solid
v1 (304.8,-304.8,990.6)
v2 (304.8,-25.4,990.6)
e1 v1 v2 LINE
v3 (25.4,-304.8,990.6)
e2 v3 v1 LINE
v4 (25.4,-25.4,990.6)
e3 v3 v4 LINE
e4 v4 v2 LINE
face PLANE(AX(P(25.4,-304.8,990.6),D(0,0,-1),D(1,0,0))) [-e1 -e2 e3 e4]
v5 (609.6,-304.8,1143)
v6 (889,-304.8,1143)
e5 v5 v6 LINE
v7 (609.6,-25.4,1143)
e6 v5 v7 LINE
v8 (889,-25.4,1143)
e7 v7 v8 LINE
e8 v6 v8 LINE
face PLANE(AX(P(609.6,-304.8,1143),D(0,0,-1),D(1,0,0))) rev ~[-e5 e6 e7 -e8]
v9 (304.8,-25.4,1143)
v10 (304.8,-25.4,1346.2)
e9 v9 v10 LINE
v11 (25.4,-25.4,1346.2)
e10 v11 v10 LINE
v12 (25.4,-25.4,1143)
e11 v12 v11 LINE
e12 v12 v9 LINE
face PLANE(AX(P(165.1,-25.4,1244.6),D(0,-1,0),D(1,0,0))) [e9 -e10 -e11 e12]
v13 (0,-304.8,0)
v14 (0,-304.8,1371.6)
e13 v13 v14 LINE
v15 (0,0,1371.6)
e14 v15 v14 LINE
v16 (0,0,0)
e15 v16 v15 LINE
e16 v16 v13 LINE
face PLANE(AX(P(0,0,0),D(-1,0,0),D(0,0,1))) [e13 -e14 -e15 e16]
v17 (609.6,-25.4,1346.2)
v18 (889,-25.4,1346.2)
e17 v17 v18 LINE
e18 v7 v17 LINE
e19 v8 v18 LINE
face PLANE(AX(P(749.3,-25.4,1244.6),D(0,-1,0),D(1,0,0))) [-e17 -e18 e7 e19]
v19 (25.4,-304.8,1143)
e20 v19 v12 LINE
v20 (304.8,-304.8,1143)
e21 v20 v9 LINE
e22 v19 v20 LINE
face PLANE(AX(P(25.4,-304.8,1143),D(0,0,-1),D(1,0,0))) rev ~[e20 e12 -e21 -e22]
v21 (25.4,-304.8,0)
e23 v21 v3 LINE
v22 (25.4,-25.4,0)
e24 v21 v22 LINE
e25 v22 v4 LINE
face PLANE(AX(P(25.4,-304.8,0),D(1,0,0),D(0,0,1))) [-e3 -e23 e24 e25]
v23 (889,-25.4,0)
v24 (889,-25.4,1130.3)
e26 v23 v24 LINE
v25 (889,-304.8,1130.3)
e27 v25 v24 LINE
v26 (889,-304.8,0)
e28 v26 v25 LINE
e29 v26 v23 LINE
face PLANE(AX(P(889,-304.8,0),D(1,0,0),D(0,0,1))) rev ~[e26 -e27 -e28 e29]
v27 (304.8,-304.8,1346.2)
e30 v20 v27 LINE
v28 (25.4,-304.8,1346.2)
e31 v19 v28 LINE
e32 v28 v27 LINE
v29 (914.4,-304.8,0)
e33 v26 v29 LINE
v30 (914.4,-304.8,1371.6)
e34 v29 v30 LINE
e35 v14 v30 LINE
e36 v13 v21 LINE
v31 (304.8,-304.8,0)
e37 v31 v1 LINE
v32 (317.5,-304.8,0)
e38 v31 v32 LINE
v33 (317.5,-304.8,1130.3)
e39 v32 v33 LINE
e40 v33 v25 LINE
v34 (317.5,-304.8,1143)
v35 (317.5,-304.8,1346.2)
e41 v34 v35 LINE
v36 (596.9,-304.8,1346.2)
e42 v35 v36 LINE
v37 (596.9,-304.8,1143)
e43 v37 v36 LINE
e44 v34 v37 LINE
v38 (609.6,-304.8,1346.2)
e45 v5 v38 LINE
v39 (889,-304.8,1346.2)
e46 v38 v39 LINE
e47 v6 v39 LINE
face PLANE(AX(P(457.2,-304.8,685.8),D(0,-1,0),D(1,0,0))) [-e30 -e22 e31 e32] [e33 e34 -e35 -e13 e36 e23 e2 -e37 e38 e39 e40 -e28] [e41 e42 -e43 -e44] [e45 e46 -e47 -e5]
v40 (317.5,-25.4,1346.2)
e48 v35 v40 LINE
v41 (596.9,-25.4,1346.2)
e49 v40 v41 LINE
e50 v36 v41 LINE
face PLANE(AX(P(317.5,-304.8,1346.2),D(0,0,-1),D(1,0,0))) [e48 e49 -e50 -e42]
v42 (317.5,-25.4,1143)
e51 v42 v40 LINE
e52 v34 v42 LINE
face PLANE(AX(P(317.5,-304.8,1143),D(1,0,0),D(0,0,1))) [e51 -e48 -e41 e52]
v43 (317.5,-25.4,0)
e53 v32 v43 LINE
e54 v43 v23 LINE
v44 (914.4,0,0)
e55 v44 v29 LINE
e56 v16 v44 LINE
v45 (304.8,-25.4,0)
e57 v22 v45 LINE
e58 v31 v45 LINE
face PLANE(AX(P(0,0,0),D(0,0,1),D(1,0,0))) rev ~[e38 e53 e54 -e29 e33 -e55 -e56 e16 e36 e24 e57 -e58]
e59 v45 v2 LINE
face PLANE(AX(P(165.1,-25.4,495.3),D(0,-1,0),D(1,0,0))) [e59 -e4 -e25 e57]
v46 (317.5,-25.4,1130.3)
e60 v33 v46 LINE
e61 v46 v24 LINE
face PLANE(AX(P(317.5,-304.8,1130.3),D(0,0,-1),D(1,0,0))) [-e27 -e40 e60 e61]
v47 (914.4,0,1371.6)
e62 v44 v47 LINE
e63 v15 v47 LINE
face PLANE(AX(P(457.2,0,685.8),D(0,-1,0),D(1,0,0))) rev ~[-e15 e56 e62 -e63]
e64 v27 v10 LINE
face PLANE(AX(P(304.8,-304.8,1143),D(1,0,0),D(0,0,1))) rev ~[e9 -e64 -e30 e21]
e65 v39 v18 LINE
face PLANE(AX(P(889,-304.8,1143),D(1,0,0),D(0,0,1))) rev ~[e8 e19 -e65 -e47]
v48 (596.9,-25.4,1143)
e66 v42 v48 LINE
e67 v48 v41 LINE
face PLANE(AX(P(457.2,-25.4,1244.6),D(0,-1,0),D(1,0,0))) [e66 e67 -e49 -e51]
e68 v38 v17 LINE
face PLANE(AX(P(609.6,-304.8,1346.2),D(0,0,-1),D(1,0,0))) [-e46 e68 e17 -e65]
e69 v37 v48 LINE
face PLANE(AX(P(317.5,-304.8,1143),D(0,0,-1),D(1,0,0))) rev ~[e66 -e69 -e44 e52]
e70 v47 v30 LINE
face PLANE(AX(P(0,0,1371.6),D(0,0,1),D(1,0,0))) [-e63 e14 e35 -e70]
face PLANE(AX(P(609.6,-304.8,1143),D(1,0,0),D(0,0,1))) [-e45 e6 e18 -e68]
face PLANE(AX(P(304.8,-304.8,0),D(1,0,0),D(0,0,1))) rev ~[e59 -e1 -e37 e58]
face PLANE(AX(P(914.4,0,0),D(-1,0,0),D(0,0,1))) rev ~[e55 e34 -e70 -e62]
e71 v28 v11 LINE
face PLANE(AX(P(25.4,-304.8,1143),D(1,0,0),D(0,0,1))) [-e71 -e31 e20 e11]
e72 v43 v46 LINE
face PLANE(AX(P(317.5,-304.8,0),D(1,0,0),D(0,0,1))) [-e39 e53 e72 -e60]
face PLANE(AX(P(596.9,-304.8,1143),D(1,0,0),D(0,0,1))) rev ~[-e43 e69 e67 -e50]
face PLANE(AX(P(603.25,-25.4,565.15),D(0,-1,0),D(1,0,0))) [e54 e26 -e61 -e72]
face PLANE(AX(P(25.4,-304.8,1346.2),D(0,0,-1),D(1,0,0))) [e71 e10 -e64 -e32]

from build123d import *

# Parameters (mm, degrees)
F0_W     = 914.4
F0_H     = 1371.6
F1_DEPTH = 304.8
F2_W     = 571.5
F2_H     = 1130.3
F2_W_2   = 279.4
F2_H_2   = 990.6
F2_H_3   = 203.2
F3_DEPTH = 279.4


with BuildPart() as f1:
    # F0 (on Front) → F1 (new body)
    with BuildSketch(Plane.XZ):
        with Locations((457.2, 685.8)):
            Rectangle(F0_W, F0_H)
    extrude(amount=F1_DEPTH)

    # F2 (on face) → F3 (cut, through all)
    with BuildSketch(Plane.XZ.offset(304.8)):
        with Locations((603.25, 565.15)):
            Rectangle(F2_W, F2_H)
        with Locations((165.1, 495.3)):
            Rectangle(F2_W_2, F2_H_2)
        with Locations((165.1, 1244.6)):
            Rectangle(F2_W_2, F2_H_3)
        with Locations((457.2, 1244.6)):
            Rectangle(F2_W_2, F2_H_3)
        with Locations((749.3, 1244.6)):
            Rectangle(F2_W_2, F2_H_3)
    extrude(amount=-F3_DEPTH, mode=Mode.SUBTRACT)


solid = f1.part
